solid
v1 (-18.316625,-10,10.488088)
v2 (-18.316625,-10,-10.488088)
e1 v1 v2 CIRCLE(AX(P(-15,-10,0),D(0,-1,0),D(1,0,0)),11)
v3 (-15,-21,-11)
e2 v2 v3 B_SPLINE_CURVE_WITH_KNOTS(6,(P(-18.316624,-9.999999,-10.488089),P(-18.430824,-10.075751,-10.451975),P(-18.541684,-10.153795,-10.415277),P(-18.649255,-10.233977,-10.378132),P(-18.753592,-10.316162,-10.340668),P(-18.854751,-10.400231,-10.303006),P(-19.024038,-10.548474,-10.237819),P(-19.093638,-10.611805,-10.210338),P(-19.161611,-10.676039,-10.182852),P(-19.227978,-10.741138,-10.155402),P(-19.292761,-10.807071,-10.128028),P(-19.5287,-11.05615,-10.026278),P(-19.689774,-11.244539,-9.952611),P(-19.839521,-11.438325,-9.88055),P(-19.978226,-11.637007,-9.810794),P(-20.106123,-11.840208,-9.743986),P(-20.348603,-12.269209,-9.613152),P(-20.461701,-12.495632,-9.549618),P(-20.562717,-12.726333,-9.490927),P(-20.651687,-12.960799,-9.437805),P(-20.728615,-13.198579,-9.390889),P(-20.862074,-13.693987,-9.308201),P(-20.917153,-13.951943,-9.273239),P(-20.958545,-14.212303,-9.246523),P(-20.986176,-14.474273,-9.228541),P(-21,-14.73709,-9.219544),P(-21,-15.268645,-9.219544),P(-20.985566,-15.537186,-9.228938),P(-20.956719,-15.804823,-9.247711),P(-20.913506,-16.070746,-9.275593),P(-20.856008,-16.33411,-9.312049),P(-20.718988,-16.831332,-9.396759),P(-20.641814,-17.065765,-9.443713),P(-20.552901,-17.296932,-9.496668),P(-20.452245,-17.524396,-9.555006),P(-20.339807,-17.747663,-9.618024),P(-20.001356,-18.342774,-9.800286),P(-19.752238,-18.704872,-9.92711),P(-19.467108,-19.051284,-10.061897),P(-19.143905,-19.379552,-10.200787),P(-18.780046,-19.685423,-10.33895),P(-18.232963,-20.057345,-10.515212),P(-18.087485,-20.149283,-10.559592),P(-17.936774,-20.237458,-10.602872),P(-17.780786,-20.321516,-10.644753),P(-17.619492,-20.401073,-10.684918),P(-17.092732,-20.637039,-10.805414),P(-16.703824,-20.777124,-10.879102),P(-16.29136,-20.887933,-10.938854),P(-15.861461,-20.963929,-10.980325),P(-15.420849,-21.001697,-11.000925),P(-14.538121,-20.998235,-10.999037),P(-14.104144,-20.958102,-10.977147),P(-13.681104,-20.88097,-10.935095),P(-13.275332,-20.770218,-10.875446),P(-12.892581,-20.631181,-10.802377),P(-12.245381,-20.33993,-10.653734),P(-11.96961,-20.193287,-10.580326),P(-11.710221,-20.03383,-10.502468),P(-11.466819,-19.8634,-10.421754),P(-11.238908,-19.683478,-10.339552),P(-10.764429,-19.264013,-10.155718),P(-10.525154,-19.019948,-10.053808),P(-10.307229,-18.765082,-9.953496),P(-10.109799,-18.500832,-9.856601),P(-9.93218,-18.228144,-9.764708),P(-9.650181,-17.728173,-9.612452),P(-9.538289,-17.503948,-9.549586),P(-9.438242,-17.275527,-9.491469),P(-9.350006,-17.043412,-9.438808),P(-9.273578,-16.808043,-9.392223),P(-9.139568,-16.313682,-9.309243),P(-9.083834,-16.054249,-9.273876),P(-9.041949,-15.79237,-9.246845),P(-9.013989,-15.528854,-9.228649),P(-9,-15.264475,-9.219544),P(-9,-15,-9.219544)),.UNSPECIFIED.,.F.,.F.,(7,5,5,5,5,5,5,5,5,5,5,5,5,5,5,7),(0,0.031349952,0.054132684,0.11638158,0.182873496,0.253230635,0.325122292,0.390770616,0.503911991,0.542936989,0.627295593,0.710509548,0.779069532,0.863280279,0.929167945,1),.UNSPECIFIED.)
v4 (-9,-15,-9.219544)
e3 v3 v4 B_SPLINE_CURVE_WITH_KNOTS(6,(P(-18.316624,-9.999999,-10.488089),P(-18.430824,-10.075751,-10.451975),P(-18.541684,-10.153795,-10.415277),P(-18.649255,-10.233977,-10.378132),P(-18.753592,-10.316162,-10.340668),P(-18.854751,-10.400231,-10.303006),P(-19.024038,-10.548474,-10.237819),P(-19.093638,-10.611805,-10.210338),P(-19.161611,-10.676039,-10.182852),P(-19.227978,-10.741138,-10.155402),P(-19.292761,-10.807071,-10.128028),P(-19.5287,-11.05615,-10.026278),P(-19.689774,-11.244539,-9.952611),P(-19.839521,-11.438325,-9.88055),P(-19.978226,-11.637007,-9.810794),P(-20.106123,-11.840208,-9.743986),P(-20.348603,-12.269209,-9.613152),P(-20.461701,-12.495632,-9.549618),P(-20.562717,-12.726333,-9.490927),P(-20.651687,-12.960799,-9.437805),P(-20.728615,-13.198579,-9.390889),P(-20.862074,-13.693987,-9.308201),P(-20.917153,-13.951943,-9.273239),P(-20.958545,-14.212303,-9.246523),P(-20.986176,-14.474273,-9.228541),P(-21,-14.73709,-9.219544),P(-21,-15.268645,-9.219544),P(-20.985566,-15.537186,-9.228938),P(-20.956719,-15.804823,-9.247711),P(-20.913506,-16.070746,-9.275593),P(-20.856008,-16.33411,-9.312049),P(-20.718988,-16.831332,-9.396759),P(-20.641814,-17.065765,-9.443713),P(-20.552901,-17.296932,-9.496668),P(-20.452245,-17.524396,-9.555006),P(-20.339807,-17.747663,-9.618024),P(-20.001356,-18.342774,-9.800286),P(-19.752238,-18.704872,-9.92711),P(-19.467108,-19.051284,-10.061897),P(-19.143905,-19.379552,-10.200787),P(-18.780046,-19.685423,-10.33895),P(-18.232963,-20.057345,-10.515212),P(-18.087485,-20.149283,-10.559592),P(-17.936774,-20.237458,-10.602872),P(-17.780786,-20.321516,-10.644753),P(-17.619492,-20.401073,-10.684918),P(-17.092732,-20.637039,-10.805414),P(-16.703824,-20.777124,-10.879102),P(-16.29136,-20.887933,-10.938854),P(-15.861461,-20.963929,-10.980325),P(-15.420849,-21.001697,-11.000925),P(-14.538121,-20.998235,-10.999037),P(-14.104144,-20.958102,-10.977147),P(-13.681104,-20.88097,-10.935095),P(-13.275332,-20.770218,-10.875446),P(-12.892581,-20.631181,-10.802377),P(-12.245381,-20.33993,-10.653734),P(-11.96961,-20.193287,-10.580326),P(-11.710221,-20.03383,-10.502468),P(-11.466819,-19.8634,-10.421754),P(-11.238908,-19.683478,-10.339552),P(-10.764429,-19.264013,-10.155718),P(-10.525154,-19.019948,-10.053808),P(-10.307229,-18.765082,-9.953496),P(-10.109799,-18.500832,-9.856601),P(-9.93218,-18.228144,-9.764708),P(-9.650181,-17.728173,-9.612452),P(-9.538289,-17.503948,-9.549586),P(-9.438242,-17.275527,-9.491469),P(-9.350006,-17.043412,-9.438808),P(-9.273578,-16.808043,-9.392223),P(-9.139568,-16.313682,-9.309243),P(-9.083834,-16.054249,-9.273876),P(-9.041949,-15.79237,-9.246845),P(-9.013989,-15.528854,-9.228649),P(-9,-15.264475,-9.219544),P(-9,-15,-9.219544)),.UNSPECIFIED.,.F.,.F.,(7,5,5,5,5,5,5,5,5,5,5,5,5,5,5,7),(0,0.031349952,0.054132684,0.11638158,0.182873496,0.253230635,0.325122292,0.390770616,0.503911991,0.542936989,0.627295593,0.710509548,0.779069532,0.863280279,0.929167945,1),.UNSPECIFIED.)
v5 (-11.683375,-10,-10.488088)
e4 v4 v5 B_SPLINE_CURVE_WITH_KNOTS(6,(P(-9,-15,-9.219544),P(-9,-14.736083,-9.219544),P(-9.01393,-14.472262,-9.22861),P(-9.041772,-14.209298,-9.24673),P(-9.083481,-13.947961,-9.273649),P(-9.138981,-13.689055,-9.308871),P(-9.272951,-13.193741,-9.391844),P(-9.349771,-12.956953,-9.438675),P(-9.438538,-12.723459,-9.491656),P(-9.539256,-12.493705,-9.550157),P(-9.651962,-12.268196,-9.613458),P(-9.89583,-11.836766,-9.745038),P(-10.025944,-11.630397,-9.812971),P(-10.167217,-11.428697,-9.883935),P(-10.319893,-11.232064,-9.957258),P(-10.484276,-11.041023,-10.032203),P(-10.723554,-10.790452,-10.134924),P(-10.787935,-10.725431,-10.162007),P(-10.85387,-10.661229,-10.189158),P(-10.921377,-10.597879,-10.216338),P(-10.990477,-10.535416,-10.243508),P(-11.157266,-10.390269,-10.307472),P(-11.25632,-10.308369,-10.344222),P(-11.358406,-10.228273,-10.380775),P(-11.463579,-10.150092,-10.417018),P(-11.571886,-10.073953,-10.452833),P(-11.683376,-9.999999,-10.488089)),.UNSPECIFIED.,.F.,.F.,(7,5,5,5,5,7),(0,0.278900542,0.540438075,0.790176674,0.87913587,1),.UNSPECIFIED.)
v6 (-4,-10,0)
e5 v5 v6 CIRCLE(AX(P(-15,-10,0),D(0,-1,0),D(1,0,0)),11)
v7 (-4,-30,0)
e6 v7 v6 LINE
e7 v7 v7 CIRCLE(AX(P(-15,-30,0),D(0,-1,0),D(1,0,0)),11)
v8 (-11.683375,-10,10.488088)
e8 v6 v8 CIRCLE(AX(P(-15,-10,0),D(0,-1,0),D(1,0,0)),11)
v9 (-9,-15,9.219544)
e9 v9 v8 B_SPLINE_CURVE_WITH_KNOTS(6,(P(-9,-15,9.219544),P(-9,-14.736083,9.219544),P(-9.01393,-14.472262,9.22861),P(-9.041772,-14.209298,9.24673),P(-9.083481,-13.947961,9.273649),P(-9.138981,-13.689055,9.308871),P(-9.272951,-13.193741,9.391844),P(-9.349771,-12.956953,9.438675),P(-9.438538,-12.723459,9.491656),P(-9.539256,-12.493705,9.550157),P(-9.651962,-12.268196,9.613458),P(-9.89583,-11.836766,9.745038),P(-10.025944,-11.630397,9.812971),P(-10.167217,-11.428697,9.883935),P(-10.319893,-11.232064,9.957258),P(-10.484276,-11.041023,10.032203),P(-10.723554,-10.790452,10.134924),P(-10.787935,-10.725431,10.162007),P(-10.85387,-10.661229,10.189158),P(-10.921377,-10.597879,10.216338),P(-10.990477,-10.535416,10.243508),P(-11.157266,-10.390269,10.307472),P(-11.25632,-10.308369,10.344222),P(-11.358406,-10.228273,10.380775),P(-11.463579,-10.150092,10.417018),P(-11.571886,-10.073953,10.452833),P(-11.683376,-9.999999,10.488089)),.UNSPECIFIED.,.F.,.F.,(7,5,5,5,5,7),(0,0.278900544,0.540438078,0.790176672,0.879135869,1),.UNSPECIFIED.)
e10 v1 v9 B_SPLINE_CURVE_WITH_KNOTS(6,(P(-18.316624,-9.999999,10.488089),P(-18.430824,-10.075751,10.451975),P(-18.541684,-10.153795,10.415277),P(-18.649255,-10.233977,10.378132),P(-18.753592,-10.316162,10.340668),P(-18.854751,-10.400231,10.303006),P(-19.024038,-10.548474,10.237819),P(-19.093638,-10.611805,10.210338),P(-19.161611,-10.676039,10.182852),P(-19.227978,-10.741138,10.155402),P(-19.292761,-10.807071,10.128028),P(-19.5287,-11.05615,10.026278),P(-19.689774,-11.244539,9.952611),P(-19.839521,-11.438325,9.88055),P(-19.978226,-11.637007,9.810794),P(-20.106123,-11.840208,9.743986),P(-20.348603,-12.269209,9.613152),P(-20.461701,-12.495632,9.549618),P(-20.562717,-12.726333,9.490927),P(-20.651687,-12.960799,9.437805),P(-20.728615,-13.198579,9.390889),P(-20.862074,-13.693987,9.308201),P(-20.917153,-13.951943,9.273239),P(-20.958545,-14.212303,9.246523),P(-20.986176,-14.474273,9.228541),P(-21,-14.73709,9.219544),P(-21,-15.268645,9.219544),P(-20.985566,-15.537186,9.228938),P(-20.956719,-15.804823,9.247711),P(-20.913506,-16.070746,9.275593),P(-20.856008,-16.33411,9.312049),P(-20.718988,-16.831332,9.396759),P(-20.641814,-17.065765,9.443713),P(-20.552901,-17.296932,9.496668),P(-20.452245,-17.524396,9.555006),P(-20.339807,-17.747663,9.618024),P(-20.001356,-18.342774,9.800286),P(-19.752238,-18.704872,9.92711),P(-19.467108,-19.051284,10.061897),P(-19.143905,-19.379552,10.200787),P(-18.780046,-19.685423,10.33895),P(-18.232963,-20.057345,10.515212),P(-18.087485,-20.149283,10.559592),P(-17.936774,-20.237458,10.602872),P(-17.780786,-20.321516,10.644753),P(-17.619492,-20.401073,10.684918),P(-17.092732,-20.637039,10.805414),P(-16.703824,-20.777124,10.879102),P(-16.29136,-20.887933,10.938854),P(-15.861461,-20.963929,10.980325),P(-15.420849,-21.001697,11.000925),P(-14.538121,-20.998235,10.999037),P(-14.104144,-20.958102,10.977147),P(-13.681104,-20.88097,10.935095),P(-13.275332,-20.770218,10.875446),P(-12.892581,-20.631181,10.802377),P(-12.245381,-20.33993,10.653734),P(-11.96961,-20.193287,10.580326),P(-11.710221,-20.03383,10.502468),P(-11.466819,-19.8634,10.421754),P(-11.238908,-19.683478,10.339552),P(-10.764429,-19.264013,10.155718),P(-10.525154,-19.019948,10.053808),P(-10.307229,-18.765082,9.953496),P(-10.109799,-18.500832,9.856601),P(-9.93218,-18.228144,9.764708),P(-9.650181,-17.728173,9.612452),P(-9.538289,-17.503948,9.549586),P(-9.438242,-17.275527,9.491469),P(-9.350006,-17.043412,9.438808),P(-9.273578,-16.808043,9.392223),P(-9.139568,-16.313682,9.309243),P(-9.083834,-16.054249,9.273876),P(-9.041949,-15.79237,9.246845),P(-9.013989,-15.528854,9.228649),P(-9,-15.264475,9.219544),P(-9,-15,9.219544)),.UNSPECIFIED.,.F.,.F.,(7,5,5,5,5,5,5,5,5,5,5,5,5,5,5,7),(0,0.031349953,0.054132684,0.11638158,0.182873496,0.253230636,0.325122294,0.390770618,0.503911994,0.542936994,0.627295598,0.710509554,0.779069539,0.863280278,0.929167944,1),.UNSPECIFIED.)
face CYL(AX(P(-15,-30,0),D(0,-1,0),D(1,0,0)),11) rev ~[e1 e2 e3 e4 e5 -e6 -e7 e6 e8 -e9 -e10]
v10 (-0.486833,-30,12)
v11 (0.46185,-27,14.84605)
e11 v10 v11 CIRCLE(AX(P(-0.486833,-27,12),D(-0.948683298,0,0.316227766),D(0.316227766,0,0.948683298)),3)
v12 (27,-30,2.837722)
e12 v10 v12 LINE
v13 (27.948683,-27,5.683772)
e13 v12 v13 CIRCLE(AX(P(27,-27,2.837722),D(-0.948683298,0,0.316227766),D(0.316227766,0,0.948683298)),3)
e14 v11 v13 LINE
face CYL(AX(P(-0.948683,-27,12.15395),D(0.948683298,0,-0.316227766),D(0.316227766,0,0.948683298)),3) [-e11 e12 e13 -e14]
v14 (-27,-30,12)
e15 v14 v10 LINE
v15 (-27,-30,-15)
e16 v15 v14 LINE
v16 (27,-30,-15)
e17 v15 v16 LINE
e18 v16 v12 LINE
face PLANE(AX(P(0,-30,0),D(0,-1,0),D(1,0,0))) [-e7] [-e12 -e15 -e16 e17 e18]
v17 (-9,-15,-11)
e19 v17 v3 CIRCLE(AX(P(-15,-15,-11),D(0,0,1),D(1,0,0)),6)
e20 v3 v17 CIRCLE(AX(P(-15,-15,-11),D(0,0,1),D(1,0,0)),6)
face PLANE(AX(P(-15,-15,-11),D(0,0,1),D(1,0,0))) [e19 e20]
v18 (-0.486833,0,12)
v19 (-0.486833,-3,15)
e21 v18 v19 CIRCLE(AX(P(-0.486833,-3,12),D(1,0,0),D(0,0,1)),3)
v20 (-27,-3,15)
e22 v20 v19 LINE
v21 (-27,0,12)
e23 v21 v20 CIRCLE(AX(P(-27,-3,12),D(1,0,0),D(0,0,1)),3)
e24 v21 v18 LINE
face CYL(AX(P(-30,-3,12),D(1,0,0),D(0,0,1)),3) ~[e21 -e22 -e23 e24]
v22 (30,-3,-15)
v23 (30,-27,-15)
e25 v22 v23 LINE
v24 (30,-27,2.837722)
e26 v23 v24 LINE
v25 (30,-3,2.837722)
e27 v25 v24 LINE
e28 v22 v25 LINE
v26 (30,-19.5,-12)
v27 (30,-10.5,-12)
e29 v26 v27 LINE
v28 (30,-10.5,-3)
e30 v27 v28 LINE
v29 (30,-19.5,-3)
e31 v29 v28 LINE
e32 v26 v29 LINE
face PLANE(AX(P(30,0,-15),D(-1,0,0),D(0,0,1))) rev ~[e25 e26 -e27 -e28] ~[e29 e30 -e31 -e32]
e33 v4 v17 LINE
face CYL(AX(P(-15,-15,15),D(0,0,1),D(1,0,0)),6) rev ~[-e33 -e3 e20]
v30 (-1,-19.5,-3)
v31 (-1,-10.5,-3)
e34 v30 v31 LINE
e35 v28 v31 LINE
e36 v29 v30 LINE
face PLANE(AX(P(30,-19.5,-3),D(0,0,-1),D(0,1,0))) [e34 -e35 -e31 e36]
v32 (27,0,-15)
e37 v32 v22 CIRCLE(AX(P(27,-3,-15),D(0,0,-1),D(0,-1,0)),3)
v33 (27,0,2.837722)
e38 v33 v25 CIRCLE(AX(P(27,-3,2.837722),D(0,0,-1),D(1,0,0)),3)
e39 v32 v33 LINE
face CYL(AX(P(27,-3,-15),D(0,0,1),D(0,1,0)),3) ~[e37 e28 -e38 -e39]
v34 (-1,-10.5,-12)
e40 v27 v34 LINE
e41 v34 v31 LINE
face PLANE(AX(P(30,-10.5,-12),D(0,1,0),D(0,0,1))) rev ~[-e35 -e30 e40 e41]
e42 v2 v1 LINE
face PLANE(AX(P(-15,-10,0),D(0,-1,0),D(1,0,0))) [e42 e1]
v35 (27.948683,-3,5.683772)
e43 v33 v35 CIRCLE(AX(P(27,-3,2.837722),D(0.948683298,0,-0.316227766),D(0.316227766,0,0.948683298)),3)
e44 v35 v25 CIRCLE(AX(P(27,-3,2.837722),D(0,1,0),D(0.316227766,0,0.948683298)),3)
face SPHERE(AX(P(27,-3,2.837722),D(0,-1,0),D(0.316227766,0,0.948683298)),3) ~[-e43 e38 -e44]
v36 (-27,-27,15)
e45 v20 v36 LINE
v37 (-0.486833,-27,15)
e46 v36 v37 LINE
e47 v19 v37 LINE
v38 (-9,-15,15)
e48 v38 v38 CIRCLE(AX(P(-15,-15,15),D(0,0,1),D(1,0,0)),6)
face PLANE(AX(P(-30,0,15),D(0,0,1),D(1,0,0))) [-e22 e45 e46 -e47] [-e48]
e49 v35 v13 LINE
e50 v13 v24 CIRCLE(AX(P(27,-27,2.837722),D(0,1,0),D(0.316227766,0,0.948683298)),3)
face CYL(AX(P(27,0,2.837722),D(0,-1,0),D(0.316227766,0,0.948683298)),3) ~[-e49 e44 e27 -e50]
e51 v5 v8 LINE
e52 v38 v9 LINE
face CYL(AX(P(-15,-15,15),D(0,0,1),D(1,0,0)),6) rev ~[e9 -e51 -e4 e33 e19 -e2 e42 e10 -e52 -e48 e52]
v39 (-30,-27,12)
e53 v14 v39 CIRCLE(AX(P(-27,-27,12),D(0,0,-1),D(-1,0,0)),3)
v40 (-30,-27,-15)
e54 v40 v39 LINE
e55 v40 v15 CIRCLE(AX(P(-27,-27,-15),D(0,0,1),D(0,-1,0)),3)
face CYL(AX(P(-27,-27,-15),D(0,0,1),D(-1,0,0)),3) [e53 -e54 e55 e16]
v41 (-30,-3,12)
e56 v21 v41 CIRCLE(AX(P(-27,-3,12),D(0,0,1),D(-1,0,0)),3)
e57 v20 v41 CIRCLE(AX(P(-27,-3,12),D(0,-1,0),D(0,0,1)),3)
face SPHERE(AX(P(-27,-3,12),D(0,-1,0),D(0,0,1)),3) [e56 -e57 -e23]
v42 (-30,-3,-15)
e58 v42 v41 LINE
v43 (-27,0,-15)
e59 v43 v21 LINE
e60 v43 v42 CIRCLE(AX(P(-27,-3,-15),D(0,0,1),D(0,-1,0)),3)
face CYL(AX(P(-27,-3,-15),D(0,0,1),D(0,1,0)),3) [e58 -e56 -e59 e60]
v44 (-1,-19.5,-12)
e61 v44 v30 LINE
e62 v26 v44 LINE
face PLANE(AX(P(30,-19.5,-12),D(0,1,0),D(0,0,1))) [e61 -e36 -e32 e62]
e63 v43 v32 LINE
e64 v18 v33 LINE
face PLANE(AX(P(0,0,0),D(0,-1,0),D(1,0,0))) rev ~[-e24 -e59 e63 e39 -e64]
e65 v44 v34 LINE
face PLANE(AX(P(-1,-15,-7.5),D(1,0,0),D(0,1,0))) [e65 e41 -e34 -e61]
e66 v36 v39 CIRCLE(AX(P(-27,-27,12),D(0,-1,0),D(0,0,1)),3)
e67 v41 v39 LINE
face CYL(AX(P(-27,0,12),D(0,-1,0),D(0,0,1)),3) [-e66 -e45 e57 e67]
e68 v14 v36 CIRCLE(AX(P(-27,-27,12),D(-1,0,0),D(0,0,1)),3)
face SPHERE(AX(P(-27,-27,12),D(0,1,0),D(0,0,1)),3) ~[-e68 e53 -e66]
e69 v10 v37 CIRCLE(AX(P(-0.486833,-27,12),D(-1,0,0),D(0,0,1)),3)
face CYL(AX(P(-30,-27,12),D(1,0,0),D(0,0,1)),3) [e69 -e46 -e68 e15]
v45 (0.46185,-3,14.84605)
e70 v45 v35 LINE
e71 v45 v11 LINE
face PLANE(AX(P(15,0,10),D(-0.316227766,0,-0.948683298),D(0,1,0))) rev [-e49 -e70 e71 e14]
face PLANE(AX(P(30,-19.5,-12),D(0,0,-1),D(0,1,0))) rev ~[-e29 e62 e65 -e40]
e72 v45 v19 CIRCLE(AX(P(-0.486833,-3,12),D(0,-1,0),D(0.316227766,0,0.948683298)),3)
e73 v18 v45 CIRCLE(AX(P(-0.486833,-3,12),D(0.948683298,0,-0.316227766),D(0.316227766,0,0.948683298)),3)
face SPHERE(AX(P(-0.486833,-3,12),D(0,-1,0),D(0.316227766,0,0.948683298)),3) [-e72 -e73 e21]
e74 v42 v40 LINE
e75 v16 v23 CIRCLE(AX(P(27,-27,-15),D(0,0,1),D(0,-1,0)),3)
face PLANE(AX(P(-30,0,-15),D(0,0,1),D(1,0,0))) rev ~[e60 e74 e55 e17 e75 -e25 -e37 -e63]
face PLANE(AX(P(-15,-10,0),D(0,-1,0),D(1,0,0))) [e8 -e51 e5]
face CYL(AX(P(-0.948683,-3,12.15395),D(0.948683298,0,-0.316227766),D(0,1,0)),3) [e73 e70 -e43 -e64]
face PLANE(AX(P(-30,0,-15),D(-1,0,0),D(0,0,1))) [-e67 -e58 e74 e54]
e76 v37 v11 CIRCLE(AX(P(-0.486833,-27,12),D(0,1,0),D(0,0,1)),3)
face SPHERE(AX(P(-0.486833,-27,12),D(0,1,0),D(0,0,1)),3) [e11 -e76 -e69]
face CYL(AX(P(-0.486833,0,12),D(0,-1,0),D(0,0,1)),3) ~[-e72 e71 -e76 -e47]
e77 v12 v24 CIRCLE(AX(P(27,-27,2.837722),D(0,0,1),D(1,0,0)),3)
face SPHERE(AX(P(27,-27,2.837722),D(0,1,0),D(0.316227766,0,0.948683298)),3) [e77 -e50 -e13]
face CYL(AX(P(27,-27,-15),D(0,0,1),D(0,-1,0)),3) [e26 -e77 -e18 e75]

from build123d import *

# Parameters (mm, degrees)
F0_W     = 60
F0_H     = 30
F1_DEPTH = 30
F2_R     = 11
F3_DEPTH = 20
F4_W     = 9
F4_H     = 9
F5_DEPTH = 31
F6_R     = 6
F7_DEPTH = 26
F8_SIZE2 = 10
F8_SIZE  = 30
F9_R     = 3


with BuildPart() as f1:
    # F0 (on Front) → F1 (new body)
    with BuildSketch(Plane.XZ):
        Rectangle(F0_W, F0_H)
    extrude(amount=F1_DEPTH)

    # F2 (on face) → F3 (cut)
    with BuildSketch(Plane.XZ.offset(30)):
        with Locations((-15, 0)):
            Circle(F2_R)
    extrude(amount=-F3_DEPTH, mode=Mode.SUBTRACT)

    # F4 (on face) → F5 (cut)
    with BuildSketch(Plane.YZ.offset(30)):
        with Locations((-15, -7.5)):
            Rectangle(F4_W, F4_H)
    extrude(amount=-F5_DEPTH, mode=Mode.SUBTRACT)

    # F6 (on face) → F7 (cut)
    with BuildSketch(Plane.XY.offset(15)):
        with Locations((-15, -15)):
            Circle(F6_R)
    extrude(amount=-F7_DEPTH, mode=Mode.SUBTRACT)

    # F8
    f8_edges = [f1.edges().sort_by_distance(p)[0] for p in [
        (30, -15, 15),
    ]]
    f8_side = f1.faces().sort_by_distance((1.005666, -15, 15))[0]
    chamfer(f8_edges, length=F8_SIZE, length2=F8_SIZE2, reference=f8_side)

    # F9
    f9_edges = [f1.edges().sort_by_distance(p)[0] for p in [
        (-30, -15, 15),
        (-15, 0, 15),
        (0, -15, 15),
        (30, -15, 5),
        (-15, -30, 15),
        (15, -30, 10),
        (15, 0, 10),
        (30, -30, -5),
        (30, 0, -5),
        (-30, 0, 0),
        (-30, -30, 0),
    ]]
    fillet(f9_edges, radius=F9_R)


solid = f1.part
